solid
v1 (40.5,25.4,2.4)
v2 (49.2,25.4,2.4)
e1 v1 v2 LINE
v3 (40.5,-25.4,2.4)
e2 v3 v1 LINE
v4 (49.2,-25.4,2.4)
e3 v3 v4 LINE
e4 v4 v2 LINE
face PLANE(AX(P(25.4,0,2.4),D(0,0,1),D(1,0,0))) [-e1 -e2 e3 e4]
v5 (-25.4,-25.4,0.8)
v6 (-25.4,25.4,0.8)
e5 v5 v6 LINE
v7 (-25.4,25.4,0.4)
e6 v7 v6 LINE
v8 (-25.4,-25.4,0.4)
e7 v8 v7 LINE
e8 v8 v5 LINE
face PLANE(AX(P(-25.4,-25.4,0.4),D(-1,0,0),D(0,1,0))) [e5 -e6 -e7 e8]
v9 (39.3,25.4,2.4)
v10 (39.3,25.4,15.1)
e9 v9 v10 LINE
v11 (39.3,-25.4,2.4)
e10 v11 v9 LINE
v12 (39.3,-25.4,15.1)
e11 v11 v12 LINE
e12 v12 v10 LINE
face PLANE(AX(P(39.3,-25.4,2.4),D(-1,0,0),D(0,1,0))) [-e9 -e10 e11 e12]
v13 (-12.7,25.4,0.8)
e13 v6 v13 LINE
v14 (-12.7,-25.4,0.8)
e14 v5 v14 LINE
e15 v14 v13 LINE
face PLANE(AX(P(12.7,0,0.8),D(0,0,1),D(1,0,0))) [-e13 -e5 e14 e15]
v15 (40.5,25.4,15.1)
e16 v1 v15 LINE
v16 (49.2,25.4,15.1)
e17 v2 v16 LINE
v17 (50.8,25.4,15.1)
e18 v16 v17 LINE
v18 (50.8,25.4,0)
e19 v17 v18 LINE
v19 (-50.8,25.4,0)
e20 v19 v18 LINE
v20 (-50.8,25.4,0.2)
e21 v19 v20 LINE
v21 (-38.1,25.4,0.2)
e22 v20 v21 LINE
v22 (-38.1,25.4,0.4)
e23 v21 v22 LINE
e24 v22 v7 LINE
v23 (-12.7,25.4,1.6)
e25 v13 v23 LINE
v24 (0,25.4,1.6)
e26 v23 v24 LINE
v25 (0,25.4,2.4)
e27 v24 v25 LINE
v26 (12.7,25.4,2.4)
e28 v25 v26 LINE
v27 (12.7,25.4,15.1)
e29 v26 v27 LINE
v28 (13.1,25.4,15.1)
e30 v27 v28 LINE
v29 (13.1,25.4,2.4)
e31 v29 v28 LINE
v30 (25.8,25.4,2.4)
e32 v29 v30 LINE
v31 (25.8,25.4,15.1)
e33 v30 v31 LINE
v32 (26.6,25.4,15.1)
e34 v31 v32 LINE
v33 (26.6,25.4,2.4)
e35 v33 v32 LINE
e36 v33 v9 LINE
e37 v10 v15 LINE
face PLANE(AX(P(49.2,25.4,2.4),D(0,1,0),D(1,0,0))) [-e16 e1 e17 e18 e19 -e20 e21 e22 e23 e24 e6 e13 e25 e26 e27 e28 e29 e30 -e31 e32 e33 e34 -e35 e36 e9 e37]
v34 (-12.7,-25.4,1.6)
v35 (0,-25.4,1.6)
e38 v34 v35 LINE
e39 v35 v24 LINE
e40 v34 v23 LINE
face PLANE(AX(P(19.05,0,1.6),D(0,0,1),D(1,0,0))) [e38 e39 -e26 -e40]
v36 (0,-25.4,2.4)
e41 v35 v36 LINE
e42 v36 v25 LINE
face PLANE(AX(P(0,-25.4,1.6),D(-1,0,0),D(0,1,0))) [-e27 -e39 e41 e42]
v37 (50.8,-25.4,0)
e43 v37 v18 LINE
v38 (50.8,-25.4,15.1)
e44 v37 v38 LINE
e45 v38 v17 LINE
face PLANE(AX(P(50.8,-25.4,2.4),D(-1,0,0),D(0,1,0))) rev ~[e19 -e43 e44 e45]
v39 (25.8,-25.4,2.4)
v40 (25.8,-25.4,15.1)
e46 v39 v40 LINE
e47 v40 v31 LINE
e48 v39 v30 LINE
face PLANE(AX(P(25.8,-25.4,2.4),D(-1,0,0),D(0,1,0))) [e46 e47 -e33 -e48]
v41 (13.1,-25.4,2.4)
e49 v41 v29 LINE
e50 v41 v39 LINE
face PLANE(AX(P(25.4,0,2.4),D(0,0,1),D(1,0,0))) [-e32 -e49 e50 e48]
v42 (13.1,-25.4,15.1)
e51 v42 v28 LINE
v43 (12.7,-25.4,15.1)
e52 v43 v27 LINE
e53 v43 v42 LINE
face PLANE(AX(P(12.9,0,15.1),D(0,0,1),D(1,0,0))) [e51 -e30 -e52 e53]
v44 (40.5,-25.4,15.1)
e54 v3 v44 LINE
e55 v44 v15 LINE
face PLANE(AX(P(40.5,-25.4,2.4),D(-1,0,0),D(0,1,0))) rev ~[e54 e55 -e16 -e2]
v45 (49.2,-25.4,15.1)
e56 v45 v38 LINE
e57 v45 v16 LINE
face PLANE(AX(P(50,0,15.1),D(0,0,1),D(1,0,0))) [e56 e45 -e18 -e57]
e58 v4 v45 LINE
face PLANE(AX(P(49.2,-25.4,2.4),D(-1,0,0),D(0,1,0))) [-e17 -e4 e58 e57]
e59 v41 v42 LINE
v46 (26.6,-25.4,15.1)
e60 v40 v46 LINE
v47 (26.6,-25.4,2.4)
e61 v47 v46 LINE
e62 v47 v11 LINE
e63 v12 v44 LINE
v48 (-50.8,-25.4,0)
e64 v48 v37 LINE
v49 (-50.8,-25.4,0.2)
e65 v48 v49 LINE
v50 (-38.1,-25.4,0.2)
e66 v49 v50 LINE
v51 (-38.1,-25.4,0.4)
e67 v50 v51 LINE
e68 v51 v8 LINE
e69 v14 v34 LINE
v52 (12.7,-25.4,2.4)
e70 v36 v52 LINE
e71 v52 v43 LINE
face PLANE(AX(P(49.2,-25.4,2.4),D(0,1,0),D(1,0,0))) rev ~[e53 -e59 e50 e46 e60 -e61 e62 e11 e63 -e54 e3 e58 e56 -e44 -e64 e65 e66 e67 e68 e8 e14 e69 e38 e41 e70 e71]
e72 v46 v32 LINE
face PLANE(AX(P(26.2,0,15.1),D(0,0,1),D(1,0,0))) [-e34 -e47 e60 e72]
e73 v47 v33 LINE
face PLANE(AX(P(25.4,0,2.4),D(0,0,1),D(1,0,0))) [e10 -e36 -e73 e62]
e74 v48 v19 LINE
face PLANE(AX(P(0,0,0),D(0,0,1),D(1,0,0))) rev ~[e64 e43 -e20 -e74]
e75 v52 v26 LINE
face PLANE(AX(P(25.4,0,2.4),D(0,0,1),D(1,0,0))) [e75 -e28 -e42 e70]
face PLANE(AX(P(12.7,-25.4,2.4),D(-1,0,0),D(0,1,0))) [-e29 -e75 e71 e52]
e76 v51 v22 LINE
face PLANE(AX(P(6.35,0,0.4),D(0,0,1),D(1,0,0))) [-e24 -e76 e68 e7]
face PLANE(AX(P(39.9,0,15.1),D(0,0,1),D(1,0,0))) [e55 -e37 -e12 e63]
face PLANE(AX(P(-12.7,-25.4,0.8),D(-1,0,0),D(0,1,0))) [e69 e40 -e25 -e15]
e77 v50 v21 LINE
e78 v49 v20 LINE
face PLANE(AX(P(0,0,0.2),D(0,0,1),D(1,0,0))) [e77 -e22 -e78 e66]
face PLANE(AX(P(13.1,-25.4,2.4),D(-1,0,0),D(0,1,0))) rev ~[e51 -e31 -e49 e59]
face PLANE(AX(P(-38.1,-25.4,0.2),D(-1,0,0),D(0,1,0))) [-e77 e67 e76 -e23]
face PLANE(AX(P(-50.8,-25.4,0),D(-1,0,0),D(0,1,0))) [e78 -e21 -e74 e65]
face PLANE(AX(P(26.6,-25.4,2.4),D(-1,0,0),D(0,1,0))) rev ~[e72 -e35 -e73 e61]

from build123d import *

# Parameters (mm, degrees)
F0_W      = 101.6
F0_H      = 50.8
F1_DEPTH  = 0.2
F2_W      = 88.9
F2_H      = 50.8
F3_DEPTH  = 0.2
F4_W      = 76.2
F4_H      = 50.8
F5_DEPTH  = 0.4
F6_W      = 63.5
F6_H      = 50.8
F7_DEPTH  = 0.8
F8_W      = 50.8
F8_H      = 50.8
F9_DEPTH  = 0.8
F10_W     = 0.4
F10_H     = 50.8
F10_W_2   = 0.8
F10_W_3   = 1.2
F10_W_4   = 1.6
F11_DEPTH = 12.7


with BuildPart() as f1:
    # F0 (on Top) → F1 (new body)
    with BuildSketch(Plane.XY):
        Rectangle(F0_W, F0_H)
    extrude(amount=F1_DEPTH)

    # F2 (on face) → F3 (join)
    with BuildSketch(Plane.XY.offset(0.2)):
        with Locations((6.35, 0)):
            Rectangle(F2_W, F2_H)
    extrude(amount=F3_DEPTH)

    # F4 (on face) → F5 (join)
    with BuildSketch(Plane.XY.offset(0.4)):
        with Locations((12.7, 0)):
            Rectangle(F4_W, F4_H)
    extrude(amount=F5_DEPTH)

    # F6 (on face) → F7 (join)
    with BuildSketch(Plane.XY.offset(0.8)):
        with Locations((19.05, 0)):
            Rectangle(F6_W, F6_H)
    extrude(amount=F7_DEPTH)

    # F8 (on face) → F9 (join)
    with BuildSketch(Plane.XY.offset(1.6)):
        with Locations((25.4, 0)):
            Rectangle(F8_W, F8_H)
    extrude(amount=F9_DEPTH)

    # F10 (on face) → F11 (join)
    with BuildSketch(Plane.XY.offset(2.4)):
        with Locations((12.9, 0)):
            Rectangle(F10_W, F10_H)
        with Locations((26.2, 0)):
            Rectangle(F10_W_2, F10_H)
        with Locations((39.9, 0)):
            Rectangle(F10_W_3, F10_H)
        with Locations((50, 0)):
            Rectangle(F10_W_4, F10_H)
    extrude(amount=F11_DEPTH)


solid = f1.part
